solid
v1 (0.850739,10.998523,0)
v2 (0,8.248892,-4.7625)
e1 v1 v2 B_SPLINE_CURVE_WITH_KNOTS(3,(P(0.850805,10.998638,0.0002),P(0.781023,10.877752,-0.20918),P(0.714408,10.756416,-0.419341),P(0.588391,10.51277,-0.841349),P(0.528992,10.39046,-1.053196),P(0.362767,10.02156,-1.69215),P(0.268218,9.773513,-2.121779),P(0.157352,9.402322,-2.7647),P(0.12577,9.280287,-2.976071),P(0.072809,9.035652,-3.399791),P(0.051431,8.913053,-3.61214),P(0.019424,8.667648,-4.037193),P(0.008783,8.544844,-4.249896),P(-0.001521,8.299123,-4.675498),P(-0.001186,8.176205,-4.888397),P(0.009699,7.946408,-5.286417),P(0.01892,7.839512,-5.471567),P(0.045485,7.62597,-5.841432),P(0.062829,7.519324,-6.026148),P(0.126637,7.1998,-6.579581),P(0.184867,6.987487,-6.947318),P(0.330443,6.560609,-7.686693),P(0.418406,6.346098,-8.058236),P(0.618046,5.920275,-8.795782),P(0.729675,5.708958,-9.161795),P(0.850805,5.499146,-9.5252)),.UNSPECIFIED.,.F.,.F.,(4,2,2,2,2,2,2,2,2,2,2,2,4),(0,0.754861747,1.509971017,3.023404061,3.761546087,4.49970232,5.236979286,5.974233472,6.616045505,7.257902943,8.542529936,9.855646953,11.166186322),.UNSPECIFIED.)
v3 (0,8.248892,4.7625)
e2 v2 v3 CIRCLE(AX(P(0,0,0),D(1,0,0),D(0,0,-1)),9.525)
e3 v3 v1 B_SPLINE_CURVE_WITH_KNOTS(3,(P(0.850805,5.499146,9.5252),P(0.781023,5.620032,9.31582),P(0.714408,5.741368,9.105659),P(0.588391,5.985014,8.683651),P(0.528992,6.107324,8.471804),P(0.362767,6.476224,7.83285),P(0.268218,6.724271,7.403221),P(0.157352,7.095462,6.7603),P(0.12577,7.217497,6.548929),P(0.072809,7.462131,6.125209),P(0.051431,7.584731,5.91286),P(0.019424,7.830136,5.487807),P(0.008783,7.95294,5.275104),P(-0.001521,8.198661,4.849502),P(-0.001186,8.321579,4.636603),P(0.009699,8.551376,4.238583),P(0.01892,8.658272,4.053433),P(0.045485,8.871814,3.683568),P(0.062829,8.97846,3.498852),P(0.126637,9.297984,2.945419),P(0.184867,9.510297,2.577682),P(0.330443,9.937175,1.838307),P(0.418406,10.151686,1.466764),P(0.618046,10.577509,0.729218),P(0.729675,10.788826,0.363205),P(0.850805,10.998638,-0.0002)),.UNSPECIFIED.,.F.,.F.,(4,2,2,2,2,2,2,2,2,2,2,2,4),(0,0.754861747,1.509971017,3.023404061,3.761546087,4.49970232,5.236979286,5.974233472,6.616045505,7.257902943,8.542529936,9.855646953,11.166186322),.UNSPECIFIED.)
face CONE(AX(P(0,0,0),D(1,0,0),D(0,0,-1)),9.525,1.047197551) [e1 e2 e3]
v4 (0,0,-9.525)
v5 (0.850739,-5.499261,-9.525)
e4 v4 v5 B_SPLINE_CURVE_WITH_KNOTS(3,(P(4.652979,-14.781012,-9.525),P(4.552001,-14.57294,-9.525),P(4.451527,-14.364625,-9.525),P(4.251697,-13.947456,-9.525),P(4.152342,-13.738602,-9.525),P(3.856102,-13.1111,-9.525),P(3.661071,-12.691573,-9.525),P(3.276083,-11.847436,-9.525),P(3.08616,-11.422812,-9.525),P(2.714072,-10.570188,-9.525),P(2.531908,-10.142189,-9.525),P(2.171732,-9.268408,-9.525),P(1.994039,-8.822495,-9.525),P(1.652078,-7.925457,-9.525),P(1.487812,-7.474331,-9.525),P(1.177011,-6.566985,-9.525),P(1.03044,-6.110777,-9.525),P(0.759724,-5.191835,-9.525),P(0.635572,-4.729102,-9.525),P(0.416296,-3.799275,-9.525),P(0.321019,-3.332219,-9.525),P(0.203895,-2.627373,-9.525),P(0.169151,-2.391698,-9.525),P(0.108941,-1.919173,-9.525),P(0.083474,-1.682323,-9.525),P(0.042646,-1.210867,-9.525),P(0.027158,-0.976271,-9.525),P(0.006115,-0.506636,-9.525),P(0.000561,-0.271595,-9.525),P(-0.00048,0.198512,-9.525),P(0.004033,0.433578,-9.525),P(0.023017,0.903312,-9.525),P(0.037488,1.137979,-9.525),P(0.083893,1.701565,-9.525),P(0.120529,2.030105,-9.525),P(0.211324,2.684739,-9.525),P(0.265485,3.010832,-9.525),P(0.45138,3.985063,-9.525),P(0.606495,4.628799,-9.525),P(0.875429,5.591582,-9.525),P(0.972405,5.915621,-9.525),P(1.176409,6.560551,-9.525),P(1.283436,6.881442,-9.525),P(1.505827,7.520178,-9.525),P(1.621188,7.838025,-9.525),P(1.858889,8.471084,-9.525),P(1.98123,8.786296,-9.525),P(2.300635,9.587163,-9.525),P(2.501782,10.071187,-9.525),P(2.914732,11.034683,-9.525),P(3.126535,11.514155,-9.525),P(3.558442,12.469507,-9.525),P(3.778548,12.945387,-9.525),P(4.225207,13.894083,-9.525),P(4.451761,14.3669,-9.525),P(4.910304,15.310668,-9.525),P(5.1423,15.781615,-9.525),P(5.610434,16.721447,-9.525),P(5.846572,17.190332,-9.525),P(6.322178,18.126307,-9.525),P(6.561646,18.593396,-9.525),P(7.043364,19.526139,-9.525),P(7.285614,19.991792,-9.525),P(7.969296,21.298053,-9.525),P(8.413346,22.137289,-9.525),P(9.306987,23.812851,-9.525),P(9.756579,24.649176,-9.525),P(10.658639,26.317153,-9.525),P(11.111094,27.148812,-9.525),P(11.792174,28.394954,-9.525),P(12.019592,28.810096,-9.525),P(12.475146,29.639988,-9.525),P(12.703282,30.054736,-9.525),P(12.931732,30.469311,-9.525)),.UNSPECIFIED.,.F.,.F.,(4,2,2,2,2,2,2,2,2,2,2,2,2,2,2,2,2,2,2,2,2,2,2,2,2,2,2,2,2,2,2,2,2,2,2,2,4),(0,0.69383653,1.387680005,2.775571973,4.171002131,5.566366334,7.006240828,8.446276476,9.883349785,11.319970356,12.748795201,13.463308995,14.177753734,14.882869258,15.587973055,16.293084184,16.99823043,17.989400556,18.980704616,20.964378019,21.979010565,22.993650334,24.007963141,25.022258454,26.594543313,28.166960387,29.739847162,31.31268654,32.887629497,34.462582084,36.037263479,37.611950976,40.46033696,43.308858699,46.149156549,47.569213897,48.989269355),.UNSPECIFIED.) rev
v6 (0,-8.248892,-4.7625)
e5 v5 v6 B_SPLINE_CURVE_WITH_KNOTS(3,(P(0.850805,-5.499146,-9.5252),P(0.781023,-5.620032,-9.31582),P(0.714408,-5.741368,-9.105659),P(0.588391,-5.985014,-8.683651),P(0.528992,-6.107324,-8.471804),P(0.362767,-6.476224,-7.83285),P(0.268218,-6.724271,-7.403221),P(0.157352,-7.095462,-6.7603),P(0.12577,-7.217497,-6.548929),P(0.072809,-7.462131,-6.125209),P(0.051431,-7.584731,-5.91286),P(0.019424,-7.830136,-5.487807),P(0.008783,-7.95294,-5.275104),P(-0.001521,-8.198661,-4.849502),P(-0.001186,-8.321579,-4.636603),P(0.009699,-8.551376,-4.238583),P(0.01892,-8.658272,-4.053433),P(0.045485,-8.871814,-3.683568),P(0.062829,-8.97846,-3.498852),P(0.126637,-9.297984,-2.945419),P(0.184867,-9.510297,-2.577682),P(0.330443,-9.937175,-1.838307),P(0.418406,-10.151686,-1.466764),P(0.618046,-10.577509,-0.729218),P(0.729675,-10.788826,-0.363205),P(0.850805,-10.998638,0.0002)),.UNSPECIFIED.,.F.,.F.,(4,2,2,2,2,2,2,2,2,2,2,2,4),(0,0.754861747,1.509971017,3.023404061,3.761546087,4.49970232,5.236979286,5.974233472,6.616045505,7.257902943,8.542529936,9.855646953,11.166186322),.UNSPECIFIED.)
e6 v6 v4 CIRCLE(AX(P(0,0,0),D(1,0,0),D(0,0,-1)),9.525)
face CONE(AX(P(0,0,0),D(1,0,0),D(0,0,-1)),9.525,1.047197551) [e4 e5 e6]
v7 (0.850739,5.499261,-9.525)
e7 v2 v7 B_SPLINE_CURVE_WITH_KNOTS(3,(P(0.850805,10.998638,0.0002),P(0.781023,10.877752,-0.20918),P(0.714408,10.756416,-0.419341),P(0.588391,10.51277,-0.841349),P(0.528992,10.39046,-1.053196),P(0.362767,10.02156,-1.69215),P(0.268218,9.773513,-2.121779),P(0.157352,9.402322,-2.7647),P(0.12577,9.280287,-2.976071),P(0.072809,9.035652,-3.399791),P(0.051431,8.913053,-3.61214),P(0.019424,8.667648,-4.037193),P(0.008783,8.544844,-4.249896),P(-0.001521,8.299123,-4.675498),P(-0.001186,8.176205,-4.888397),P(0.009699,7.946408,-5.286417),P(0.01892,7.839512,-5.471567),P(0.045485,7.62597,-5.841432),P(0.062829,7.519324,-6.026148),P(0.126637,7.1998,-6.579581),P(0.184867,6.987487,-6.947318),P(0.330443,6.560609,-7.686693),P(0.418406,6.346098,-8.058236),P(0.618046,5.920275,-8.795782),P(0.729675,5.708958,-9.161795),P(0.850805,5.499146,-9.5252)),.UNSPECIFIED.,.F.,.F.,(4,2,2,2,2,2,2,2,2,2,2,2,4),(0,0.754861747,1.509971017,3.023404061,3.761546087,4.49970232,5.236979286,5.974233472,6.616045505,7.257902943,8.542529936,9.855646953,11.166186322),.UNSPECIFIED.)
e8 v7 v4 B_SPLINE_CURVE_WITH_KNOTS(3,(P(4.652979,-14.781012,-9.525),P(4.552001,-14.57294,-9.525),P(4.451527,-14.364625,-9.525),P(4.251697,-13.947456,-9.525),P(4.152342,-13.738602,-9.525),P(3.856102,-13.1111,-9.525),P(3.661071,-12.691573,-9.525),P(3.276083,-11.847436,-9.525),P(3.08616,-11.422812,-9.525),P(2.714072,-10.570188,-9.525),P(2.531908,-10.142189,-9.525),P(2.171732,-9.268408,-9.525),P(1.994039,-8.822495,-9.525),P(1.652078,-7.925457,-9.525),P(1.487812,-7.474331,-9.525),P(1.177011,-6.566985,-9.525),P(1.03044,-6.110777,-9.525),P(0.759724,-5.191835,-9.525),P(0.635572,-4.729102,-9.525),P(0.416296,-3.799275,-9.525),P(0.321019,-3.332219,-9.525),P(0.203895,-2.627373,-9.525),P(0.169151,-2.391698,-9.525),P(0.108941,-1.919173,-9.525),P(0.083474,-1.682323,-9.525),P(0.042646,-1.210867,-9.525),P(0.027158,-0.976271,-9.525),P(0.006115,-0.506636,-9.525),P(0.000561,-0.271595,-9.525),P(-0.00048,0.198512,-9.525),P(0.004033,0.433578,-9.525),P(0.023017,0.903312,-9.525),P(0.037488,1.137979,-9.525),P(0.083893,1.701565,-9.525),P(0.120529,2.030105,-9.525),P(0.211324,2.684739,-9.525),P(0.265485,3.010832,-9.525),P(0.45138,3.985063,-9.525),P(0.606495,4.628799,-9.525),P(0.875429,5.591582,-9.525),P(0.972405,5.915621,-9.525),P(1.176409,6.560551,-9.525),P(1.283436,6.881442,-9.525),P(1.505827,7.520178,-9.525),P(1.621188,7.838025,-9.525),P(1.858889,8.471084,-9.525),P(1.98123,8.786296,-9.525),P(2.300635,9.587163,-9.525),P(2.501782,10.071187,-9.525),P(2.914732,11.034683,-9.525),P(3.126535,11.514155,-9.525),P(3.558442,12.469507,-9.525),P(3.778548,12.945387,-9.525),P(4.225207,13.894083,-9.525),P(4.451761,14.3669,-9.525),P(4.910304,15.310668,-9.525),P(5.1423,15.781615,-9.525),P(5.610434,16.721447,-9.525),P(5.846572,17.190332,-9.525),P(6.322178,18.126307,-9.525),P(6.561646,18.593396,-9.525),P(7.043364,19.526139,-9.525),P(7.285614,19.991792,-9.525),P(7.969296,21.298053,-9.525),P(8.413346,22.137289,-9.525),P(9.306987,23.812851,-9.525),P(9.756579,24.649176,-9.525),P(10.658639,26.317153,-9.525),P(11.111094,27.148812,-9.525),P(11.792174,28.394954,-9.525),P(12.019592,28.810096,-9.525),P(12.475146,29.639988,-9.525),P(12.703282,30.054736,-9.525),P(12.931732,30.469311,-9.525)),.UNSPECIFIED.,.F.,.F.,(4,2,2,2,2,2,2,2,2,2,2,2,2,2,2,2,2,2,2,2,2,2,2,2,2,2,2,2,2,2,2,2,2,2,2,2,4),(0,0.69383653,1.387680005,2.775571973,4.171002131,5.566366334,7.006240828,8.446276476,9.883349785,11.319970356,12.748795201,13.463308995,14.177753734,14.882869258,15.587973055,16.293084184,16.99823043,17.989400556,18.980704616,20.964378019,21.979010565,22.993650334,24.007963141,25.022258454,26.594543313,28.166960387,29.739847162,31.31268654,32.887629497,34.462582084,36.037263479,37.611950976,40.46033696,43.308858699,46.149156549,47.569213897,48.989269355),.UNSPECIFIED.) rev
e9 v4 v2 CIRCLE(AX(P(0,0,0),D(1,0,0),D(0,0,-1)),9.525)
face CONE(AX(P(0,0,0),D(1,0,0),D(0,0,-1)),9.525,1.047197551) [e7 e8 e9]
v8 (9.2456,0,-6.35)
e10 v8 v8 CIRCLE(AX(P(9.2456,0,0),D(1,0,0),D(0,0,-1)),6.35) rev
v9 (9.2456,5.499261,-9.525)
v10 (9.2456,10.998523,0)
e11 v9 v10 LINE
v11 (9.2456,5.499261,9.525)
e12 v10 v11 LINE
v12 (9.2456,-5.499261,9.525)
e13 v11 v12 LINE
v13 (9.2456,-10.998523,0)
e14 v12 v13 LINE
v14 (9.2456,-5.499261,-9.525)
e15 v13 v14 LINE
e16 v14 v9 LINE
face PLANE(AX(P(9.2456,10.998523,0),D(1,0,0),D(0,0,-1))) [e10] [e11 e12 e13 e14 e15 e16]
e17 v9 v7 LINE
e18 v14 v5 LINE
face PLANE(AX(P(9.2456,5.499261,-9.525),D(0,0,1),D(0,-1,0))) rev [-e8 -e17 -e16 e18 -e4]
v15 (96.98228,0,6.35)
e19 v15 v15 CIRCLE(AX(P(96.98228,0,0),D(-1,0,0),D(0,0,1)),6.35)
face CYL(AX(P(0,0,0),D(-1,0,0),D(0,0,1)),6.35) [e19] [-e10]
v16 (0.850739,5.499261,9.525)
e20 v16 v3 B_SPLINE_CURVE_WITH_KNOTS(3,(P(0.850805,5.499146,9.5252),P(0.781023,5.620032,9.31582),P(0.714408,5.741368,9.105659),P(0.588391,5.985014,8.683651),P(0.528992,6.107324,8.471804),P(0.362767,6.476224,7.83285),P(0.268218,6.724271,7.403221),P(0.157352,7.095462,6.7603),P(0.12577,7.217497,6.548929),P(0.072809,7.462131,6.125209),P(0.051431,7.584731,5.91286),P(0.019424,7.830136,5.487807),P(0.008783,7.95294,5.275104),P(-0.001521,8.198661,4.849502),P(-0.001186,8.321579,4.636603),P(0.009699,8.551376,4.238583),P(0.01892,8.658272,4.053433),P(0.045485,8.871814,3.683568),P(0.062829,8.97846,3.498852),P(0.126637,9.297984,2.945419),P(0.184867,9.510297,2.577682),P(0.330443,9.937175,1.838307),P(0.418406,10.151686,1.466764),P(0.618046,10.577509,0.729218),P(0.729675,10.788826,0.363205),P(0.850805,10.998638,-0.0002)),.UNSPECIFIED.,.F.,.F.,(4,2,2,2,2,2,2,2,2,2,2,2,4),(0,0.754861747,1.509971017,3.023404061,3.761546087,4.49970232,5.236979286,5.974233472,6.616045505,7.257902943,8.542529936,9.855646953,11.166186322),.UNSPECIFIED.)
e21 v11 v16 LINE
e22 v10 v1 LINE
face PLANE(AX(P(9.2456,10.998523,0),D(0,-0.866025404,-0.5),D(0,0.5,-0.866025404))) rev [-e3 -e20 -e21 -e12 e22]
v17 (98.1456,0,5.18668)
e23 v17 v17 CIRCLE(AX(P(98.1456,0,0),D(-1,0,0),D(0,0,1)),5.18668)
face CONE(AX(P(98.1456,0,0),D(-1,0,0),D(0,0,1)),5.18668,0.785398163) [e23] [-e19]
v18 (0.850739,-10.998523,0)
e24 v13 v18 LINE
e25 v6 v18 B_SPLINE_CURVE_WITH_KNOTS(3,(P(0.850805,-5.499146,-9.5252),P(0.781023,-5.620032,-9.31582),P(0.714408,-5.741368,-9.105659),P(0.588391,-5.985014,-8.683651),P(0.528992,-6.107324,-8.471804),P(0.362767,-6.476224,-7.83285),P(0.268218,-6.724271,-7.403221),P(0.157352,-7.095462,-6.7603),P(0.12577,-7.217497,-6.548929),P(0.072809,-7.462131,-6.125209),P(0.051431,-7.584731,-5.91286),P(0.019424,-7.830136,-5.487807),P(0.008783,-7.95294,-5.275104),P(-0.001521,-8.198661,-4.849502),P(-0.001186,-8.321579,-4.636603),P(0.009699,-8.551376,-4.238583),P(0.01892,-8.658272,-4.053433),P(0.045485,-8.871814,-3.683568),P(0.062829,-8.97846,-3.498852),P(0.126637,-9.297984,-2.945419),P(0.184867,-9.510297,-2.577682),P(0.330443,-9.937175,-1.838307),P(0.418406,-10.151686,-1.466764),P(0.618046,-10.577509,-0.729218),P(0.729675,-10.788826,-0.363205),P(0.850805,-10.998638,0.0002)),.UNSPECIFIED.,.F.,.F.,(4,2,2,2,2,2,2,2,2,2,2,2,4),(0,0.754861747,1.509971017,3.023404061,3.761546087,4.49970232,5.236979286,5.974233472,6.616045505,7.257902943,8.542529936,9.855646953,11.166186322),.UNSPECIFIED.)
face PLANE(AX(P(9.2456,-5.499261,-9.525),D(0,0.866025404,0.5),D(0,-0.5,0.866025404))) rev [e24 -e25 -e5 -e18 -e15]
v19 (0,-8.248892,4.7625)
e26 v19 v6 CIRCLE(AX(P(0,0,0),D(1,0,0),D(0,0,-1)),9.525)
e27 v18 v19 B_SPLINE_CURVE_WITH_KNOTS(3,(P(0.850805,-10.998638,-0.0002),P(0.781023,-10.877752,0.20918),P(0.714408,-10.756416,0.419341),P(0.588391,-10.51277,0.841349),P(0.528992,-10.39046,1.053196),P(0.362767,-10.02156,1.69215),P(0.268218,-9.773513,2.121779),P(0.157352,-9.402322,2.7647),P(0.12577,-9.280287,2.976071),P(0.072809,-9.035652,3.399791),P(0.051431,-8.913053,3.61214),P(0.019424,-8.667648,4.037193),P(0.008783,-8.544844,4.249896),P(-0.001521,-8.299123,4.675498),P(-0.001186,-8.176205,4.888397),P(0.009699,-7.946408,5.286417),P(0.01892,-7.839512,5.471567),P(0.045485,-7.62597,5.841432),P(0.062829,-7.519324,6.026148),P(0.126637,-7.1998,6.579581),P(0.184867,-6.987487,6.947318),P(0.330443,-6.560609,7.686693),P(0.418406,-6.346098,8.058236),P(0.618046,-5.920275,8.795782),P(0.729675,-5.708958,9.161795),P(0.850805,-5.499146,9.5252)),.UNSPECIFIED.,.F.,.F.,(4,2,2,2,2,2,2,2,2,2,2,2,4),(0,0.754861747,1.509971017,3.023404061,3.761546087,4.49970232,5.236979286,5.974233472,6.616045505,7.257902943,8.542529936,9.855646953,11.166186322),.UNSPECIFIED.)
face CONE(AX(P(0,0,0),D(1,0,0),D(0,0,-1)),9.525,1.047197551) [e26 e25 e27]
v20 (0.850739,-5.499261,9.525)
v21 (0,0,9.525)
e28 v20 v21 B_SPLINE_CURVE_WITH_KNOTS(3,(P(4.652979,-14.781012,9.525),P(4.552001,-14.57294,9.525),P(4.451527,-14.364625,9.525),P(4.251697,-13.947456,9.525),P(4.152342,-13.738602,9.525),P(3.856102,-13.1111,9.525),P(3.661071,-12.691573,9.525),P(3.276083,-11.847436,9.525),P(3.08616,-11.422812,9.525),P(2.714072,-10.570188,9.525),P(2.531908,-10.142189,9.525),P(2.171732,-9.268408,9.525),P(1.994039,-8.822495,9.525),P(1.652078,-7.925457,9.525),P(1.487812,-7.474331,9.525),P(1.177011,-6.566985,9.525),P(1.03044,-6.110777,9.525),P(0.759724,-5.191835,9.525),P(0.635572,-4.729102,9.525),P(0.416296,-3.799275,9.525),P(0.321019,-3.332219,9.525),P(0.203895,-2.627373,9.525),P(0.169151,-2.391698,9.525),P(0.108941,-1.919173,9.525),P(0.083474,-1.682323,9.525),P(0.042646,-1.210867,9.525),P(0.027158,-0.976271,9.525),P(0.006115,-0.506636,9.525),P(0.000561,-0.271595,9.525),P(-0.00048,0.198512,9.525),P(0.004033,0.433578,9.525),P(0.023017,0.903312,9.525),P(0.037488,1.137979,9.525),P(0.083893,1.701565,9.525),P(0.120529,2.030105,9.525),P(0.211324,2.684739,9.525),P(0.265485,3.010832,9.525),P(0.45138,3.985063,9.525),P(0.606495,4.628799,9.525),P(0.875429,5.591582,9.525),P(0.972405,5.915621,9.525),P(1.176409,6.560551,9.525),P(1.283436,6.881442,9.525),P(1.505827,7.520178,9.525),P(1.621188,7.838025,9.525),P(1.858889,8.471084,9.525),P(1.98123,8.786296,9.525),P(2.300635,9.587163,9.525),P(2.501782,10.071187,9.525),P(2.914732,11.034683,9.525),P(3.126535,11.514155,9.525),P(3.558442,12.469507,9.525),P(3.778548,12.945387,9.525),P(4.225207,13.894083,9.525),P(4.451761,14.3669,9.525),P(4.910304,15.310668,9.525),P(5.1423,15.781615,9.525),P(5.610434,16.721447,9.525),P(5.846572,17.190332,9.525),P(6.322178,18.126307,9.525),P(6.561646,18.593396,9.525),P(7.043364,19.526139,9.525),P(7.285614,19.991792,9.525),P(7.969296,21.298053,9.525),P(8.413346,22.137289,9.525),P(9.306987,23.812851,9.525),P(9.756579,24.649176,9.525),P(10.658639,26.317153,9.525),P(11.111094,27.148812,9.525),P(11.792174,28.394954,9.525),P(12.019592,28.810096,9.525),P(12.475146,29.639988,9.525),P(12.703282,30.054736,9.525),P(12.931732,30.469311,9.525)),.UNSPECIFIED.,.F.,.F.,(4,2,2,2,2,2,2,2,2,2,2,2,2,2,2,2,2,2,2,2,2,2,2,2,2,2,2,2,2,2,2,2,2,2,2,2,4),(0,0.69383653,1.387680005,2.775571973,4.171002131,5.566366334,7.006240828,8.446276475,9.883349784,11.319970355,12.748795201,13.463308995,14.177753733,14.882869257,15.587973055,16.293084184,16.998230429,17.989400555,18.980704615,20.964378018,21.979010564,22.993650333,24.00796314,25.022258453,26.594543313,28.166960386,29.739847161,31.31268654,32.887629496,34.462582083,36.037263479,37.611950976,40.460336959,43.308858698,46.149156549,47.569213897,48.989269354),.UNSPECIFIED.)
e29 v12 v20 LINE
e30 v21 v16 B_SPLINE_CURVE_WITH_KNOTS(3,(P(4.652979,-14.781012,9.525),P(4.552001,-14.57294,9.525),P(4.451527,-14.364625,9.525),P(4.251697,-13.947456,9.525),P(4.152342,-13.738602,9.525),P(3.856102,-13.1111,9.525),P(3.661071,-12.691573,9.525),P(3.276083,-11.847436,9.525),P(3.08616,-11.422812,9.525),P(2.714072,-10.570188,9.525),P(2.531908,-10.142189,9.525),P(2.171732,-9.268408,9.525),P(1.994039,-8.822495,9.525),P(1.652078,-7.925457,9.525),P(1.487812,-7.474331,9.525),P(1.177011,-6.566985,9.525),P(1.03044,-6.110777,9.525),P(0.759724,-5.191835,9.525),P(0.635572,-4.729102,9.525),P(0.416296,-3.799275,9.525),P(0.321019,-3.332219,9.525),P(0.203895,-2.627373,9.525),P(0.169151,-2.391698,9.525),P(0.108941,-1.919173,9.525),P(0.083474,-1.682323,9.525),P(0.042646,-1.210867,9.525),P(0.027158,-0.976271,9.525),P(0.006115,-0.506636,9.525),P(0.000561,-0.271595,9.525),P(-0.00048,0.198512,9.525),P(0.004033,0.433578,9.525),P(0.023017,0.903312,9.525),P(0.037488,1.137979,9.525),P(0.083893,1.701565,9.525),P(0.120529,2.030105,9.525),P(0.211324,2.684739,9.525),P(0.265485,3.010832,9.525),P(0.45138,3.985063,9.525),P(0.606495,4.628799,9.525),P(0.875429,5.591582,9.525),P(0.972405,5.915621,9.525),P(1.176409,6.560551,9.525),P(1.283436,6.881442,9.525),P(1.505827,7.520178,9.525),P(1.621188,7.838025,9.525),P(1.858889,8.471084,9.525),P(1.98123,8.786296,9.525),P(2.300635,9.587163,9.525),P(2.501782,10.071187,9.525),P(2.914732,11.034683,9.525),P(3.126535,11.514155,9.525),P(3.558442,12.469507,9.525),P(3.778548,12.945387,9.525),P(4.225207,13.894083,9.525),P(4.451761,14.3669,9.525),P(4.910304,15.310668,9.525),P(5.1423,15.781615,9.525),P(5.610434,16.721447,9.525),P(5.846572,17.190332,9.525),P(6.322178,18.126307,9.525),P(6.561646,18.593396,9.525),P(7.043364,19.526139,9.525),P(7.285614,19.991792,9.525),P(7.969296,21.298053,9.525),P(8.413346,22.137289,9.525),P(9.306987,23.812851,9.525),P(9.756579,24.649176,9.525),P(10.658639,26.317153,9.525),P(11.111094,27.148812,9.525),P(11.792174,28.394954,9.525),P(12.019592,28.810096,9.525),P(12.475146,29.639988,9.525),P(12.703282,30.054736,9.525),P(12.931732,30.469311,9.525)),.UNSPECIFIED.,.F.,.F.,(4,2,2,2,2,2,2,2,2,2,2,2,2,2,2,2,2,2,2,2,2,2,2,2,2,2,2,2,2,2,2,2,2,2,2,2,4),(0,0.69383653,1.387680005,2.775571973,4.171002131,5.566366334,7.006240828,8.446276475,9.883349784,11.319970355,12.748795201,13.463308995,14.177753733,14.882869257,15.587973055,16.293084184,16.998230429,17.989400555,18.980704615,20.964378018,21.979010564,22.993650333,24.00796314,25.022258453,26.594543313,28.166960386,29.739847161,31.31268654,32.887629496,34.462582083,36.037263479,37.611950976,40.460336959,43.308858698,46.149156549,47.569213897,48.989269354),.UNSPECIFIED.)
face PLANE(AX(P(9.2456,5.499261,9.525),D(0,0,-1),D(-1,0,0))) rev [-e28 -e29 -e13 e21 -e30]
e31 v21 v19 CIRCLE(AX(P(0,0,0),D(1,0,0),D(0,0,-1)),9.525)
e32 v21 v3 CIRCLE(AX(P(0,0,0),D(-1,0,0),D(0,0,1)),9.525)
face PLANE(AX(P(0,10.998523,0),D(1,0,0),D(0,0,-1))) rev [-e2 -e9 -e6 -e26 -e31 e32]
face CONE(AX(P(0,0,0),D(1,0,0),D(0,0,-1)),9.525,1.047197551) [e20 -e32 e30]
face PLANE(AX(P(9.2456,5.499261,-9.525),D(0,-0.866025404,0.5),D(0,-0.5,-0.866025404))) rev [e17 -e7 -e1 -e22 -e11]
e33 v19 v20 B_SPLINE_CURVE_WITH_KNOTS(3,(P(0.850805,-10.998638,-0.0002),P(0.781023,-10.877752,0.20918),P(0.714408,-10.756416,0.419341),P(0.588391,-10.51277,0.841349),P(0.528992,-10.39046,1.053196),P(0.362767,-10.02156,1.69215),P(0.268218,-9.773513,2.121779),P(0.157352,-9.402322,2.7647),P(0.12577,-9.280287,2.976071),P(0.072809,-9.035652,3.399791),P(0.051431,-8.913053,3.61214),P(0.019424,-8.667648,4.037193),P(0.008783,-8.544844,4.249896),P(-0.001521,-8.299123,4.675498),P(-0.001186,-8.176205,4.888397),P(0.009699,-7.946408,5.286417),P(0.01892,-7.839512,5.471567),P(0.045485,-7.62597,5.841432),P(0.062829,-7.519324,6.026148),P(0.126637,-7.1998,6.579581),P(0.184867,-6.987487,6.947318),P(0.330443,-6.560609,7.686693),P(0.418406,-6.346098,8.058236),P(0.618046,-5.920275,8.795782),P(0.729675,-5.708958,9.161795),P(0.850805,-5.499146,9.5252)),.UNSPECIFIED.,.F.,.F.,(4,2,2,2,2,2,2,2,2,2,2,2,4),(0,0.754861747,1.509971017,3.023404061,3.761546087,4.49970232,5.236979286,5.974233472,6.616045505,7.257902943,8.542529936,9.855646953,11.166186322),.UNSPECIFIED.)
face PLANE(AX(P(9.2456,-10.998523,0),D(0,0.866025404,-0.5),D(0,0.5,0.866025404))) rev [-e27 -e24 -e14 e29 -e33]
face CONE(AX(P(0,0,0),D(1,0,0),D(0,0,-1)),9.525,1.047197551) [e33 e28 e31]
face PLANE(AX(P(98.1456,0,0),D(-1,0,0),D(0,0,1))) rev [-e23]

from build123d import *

# Parameters (mm, degrees)
BASEHEAD_DEPTH = 9.2456


with BuildPart() as part:
    # Sketch1 → BaseHead (new body)
    with BuildSketch(Plane(origin=(0, 0, 0), x_dir=(0, 0, -1), z_dir=(1, 0, 0))):
        Polygon((9.525, 5.499261314), (9.525, -5.499261314), (0, -10.998522628), (-9.525, -5.499261314), (-9.525, 5.499261314), (0, 10.998522628), align=None)
    extrude(amount=BASEHEAD_DEPTH)

    # BodySke → BaseBody (revolve)
    with BuildSketch(Plane.XY, mode=Mode.PRIVATE) as basebody_sk:
        Polygon((0, 0), (98.1456, 0), (98.1456, 5.18668), (96.98228, 6.35), (0, 6.35), align=None)
    revolve(basebody_sk.sketch.rotate(Axis((0, 0, 0), (1, 0, 0)), 90), axis=Axis((0, 0, 0), (1, 0, 0)))  # turned: the seam where the file's is

    # Sketch3 → HeadChamfer (revolve, cut)
    with BuildSketch(Plane.XY, mode=Mode.PRIVATE) as headchamfer_sk:
        Polygon((0, 9.525), (4.516912895, 17.348522628), (4.516912895, 23.698522628), (-12.7, 23.698522628), (-12.7, 9.525), align=None)
    revolve(headchamfer_sk.sketch.rotate(Axis((0, 0, 0), (1, 0, 0)), 90), axis=Axis((0, 0, 0), (1, 0, 0)), mode=Mode.SUBTRACT)  # turned: the seam where the file's is


solid = part.part
